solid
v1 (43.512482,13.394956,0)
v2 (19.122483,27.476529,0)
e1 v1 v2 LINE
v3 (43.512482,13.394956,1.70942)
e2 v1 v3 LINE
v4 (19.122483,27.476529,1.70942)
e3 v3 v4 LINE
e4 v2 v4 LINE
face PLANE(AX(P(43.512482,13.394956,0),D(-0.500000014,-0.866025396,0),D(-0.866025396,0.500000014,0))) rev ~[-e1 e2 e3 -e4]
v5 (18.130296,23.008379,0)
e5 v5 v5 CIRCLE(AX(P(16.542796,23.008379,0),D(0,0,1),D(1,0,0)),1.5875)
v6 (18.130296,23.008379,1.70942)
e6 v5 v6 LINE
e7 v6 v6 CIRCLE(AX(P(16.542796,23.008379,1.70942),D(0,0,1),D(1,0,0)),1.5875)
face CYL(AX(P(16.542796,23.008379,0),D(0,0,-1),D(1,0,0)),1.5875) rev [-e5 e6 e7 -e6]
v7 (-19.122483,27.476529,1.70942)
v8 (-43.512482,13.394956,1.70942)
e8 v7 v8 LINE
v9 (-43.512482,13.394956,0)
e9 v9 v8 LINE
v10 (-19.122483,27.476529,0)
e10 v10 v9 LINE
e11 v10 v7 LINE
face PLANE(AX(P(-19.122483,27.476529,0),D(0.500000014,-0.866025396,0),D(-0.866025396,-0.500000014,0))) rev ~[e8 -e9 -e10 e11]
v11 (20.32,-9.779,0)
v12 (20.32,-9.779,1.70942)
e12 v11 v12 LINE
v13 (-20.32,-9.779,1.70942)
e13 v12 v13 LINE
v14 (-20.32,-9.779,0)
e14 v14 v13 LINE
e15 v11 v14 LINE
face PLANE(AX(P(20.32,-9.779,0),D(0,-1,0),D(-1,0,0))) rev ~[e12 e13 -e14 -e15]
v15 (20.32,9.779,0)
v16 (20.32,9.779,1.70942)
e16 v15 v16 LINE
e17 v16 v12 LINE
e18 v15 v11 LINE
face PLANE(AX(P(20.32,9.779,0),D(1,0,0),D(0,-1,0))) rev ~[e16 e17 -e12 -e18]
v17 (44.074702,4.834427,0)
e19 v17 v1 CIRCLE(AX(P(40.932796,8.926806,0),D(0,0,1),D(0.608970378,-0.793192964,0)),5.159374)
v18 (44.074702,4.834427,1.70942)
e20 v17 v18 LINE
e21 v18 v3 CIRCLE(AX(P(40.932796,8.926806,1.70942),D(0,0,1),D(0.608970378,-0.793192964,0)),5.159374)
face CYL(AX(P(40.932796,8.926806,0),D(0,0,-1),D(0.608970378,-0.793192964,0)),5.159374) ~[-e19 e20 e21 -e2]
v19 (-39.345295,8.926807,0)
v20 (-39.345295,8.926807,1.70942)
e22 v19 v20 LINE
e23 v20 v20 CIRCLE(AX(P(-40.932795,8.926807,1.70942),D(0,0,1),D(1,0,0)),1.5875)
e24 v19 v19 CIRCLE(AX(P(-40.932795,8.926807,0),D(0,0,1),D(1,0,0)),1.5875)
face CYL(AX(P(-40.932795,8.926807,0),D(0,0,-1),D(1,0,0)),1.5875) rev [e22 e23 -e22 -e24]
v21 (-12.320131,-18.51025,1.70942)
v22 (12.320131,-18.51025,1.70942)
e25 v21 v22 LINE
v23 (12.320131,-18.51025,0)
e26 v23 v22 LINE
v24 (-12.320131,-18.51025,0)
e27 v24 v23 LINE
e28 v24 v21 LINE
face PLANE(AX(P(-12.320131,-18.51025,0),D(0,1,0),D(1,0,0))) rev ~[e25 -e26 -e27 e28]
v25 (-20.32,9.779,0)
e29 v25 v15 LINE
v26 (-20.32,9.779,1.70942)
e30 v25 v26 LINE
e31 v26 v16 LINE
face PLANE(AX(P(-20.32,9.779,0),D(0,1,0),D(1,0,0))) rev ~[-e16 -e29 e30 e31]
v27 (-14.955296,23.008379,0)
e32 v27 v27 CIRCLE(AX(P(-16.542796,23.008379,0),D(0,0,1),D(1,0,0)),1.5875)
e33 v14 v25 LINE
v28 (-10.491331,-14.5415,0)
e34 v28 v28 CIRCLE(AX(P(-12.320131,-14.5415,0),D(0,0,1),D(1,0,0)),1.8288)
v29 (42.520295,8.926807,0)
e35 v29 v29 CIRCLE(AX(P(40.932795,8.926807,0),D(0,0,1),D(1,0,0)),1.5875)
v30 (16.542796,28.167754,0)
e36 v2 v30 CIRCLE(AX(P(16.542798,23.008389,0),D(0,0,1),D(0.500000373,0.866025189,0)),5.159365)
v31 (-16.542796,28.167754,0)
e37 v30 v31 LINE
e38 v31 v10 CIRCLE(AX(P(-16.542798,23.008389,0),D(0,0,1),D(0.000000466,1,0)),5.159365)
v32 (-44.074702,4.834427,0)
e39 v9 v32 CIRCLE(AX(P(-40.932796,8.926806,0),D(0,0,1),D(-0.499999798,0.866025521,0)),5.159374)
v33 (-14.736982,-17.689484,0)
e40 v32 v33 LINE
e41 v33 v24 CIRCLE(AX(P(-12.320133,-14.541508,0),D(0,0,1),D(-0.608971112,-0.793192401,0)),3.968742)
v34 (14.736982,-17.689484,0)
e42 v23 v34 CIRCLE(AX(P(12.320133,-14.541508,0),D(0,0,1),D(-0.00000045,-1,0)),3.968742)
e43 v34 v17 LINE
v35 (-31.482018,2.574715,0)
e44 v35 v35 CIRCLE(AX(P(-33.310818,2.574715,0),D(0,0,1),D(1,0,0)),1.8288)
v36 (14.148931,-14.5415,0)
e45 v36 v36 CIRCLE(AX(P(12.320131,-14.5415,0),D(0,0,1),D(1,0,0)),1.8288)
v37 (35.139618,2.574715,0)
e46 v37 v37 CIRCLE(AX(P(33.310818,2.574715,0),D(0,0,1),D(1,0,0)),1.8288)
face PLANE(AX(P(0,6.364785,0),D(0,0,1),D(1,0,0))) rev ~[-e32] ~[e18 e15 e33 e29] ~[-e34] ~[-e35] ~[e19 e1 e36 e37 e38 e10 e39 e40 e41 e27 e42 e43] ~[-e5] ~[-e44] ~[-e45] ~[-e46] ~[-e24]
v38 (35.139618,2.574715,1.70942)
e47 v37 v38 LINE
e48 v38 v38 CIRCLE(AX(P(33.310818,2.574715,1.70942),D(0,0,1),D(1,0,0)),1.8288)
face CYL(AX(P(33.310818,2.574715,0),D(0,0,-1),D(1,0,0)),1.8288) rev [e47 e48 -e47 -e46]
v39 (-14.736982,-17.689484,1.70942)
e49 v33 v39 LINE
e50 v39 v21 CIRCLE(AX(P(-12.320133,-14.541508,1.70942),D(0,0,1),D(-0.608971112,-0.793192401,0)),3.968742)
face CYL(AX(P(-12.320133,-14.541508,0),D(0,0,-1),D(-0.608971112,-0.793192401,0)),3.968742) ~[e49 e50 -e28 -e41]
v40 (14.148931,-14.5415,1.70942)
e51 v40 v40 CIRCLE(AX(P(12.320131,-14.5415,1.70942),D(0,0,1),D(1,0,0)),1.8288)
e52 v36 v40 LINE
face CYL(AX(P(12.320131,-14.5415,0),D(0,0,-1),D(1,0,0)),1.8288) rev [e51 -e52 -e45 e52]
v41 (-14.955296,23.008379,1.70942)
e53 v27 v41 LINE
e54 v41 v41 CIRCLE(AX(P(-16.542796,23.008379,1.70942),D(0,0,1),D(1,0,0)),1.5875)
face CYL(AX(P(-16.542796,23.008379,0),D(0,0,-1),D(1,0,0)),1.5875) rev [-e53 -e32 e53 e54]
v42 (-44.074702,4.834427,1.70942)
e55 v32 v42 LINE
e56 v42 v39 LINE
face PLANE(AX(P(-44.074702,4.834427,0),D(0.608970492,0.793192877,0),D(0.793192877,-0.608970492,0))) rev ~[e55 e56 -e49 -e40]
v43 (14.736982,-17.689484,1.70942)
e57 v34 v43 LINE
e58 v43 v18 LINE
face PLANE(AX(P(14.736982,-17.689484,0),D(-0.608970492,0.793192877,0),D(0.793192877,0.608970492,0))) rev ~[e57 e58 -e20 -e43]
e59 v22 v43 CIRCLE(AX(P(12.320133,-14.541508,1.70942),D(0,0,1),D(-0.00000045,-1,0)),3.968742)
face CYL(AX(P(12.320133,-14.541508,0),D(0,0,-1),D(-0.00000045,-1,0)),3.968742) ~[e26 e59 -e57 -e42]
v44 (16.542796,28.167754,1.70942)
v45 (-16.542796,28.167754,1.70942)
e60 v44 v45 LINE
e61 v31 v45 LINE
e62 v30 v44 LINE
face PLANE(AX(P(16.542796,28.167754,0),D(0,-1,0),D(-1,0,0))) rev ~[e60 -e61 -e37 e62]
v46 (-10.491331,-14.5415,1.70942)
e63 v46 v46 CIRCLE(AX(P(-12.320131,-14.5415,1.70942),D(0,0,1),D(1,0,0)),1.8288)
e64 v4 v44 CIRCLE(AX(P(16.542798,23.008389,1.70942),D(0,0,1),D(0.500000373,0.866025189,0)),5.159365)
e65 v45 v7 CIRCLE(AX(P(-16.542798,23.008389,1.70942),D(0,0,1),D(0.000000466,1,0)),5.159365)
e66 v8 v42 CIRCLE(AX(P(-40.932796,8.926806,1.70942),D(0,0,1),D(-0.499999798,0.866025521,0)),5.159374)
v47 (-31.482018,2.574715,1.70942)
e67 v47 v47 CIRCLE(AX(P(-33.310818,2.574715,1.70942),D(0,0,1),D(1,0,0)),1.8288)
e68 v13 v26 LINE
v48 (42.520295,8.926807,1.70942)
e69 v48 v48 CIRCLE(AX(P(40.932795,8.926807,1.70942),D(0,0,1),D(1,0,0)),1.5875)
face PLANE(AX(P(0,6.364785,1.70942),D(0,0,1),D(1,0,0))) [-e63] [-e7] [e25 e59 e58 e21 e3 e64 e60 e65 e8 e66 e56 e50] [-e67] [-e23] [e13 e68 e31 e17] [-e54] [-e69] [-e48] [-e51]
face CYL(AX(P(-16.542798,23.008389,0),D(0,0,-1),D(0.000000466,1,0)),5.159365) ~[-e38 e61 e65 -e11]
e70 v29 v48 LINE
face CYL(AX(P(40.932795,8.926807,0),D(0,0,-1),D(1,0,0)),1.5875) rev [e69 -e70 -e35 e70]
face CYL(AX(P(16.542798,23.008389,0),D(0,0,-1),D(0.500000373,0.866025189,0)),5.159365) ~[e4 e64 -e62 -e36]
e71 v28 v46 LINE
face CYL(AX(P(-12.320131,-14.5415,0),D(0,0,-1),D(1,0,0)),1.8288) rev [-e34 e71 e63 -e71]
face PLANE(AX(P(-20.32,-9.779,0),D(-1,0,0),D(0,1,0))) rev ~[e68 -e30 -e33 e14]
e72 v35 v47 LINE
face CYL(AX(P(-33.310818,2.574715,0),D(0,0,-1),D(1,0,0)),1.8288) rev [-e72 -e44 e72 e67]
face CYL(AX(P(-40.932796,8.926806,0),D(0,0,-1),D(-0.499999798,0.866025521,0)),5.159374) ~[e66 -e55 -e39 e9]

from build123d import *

# Parameters (mm, degrees)
F0_R     = 1.8288
F0_R_2   = 1.5875
F1_DEPTH = 1.70942


with BuildPart() as f1:
    # F0 (on Top) → F1 (new body)
    with BuildSketch(Plane.XY):
        with BuildLine():
            Line((16.542796, 28.167754), (-16.542796, 28.167754))
            ThreePointArc((-16.542796, 28.167754), (-17.87814, 27.991953), (-19.122483, 27.476529))
            Line((-19.122483, 27.476529), (-43.512482, 13.394956))
            ThreePointArc((-43.512482, 13.394956), (-46.081079, 9.264924), (-44.074702, 4.834427))
            Line((-44.074702, 4.834427), (-14.736982, -17.689484))
            ThreePointArc((-14.736982, -17.689484), (-13.596339, -18.299461), (-12.320131, -18.51025))
            Line((-12.320131, -18.51025), (12.320131, -18.51025))
            ThreePointArc((12.320131, -18.51025), (13.596339, -18.299461), (14.736982, -17.689484))
            Line((14.736982, -17.689484), (44.074702, 4.834427))
            ThreePointArc((44.074702, 4.834427), (46.081079, 9.264924), (43.512482, 13.394956))
            Line((43.512482, 13.394956), (19.122483, 27.476529))
            ThreePointArc((19.122483, 27.476529), (17.87814, 27.991953), (16.542796, 28.167754))
        make_face()
        with Locations((-12.320131, -14.5415)):
            Circle(F0_R, mode=Mode.SUBTRACT)
        with Locations((-33.310818, 2.574715)):
            Circle(F0_R, mode=Mode.SUBTRACT)
        Polygon((20.32, 1.016), (20.32, -1.016), (20.32, -9.779), (-20.32, -9.779), (-20.32, -1.016), (-20.32, 1.016), (-20.32, 9.779), (20.32, 9.779), align=None, mode=Mode.SUBTRACT)
        with Locations((12.320131, -14.5415)):
            Circle(F0_R, mode=Mode.SUBTRACT)
        with Locations((33.310818, 2.574715)):
            Circle(F0_R, mode=Mode.SUBTRACT)
        with Locations((-40.932795, 8.926807)):
            Circle(F0_R_2, mode=Mode.SUBTRACT)
        with Locations((-16.542796, 23.008379)):
            Circle(F0_R_2, mode=Mode.SUBTRACT)
        with Locations((40.932795, 8.926807)):
            Circle(F0_R_2, mode=Mode.SUBTRACT)
        with Locations((16.542796, 23.008379)):
            Circle(F0_R_2, mode=Mode.SUBTRACT)
    extrude(amount=F1_DEPTH)


solid = f1.part
